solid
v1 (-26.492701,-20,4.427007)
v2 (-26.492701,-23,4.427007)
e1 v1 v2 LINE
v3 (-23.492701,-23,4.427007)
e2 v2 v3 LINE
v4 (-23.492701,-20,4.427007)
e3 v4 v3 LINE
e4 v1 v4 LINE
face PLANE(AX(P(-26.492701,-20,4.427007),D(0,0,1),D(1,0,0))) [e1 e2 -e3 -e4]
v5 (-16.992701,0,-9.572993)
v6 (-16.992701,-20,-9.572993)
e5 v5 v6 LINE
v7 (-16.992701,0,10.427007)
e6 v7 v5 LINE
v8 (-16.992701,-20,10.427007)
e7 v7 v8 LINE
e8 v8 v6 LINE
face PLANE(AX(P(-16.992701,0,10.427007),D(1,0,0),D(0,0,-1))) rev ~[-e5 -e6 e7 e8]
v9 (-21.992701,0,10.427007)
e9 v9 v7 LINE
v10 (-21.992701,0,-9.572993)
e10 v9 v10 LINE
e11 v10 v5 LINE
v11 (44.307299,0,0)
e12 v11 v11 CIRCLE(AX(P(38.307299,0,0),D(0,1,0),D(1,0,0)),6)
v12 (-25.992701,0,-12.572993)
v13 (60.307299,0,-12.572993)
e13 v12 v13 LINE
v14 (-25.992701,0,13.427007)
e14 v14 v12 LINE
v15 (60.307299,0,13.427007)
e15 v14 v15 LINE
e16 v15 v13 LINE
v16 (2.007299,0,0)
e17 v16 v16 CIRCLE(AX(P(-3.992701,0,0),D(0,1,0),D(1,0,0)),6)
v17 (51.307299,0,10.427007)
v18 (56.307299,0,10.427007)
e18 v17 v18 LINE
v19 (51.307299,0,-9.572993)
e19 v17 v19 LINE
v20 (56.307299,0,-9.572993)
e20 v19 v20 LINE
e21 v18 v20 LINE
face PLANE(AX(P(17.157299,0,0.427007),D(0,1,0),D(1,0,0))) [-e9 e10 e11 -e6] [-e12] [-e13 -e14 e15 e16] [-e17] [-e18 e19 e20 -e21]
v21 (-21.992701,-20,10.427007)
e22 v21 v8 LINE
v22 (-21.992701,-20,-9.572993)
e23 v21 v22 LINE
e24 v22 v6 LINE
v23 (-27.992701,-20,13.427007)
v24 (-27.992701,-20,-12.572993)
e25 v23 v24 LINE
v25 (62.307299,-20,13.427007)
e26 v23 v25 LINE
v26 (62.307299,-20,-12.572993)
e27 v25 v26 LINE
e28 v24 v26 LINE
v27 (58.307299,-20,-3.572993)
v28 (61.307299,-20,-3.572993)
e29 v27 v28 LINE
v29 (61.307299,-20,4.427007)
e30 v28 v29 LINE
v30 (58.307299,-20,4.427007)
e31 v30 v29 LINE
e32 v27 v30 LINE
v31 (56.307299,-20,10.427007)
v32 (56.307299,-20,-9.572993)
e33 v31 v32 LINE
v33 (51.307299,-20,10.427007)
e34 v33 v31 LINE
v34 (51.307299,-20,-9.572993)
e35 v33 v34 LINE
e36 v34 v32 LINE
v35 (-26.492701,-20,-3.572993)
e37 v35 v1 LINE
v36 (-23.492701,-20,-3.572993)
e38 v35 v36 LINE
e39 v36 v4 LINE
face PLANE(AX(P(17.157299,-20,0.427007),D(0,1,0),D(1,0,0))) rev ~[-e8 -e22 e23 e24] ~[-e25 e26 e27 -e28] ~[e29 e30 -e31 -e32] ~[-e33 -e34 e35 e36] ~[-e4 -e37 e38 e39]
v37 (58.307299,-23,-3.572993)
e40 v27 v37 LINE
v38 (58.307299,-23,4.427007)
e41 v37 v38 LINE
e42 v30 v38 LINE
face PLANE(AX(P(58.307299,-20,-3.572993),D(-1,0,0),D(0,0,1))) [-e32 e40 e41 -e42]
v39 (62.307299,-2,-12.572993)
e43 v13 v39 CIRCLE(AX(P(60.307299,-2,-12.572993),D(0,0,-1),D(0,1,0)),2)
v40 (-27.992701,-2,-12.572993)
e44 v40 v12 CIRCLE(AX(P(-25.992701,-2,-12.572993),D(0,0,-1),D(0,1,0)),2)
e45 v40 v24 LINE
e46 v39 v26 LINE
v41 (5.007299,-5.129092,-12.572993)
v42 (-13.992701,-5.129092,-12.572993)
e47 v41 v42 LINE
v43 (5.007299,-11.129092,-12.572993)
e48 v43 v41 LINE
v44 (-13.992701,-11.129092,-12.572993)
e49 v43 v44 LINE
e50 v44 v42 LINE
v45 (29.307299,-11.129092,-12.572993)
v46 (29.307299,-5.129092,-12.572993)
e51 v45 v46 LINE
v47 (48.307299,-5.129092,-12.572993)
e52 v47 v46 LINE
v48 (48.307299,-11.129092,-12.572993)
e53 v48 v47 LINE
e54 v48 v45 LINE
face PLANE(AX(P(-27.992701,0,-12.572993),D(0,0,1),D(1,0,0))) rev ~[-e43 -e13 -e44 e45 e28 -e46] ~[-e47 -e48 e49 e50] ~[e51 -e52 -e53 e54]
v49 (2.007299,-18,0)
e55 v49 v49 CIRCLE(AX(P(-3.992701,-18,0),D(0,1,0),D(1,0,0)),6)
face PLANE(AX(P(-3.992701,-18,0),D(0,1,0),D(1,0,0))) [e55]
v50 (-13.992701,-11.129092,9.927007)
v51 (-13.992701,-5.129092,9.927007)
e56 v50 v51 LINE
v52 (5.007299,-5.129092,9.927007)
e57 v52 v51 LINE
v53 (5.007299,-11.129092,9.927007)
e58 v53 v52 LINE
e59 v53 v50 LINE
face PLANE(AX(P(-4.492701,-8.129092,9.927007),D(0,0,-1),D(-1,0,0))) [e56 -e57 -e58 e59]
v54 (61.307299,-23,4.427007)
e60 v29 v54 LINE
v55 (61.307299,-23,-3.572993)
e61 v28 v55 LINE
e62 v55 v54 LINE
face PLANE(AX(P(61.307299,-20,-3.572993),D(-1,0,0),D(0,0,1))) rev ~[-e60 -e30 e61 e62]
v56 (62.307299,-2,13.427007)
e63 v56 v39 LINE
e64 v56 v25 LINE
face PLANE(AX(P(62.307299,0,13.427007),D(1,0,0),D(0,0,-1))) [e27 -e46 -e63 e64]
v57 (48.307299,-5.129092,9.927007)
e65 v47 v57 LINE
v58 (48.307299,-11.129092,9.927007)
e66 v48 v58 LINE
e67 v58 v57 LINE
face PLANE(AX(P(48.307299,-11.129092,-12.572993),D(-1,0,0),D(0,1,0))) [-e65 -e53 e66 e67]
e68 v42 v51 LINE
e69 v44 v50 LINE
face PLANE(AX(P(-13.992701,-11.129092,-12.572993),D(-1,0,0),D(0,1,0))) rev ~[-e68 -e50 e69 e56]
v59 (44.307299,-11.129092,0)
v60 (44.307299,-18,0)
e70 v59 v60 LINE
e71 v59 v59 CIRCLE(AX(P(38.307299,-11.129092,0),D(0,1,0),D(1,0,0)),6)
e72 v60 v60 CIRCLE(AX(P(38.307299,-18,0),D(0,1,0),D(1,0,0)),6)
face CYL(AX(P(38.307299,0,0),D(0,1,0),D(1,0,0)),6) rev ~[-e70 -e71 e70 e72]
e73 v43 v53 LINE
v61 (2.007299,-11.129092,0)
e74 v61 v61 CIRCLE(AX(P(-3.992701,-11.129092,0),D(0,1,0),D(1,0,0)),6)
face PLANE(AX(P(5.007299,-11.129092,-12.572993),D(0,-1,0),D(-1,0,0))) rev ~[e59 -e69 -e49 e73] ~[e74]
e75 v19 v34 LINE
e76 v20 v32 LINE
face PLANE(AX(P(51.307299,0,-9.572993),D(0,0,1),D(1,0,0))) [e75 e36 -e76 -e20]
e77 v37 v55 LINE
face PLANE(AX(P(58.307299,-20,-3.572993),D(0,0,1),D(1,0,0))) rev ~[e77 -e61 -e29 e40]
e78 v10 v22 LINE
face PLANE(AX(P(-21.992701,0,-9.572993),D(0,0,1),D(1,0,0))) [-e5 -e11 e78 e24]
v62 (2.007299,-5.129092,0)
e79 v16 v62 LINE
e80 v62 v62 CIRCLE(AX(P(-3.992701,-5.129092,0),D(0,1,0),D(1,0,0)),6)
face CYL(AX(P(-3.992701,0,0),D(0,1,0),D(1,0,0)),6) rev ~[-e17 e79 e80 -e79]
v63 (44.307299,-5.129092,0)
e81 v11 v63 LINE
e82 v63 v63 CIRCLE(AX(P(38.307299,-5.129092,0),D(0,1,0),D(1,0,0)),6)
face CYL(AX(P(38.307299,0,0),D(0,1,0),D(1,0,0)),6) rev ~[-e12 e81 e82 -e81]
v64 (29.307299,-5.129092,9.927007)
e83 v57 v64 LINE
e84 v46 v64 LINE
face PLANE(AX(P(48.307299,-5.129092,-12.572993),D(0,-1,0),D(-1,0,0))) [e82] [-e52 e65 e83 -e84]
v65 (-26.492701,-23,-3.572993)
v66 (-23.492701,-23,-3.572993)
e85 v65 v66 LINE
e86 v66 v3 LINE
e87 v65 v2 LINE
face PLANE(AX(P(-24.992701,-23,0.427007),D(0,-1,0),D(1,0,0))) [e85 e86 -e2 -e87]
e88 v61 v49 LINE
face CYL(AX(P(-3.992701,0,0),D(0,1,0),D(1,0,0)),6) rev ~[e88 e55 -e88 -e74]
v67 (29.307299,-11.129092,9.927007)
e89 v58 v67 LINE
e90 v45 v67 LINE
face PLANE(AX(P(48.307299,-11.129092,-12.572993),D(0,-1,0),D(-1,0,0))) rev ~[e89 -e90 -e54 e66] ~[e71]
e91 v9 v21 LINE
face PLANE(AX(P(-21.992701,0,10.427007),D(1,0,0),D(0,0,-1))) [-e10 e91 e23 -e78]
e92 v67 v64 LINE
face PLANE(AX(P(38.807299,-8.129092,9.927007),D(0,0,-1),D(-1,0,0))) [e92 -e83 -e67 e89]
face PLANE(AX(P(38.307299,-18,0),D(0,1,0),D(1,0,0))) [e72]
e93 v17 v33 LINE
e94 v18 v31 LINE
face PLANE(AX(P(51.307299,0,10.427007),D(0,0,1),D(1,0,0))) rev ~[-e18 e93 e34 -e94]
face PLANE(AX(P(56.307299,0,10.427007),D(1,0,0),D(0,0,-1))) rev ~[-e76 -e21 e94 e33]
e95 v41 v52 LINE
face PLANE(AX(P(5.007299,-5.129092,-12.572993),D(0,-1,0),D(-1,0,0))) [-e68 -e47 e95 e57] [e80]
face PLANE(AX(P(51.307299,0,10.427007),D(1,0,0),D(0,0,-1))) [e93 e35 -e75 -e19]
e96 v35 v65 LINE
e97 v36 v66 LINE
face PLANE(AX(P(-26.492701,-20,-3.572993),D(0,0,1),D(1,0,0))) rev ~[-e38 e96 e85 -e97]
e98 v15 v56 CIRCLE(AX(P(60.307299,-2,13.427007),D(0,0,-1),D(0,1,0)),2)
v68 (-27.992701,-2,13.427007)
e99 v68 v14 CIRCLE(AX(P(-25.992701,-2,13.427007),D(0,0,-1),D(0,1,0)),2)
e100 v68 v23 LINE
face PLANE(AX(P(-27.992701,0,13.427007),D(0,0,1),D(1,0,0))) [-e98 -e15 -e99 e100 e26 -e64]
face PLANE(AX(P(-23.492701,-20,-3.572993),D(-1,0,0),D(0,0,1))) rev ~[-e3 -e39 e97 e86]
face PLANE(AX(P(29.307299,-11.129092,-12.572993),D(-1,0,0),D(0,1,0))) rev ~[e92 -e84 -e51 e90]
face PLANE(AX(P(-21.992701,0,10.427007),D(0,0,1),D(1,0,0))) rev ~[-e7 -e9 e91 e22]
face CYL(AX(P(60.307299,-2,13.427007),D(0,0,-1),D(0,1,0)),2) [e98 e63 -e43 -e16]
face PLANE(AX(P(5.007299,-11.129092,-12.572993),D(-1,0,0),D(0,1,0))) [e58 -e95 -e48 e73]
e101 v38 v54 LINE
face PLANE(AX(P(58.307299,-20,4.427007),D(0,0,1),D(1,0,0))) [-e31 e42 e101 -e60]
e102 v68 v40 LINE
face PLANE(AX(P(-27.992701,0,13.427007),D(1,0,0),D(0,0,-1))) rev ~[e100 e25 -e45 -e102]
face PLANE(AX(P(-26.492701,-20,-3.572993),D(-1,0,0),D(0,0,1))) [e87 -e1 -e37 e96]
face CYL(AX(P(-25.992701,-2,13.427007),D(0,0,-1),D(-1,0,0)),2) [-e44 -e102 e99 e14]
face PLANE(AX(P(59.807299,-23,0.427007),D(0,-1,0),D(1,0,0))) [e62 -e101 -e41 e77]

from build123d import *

# Parameters (mm, degrees)
SKETCH1_W           = 90.3
SKETCH1_H           = 26
BOSS_EXTRUDE1_DEPTH = 20
SKETCH2_W           = 5
SKETCH2_H           = 20
CUT_EXTRUDE1_DEPTH  = 21
LPATTERN1_COUNT     = 2
LPATTERN1_PITCH     = 73.3
SKETCH3_R           = 6
CUT_EXTRUDE2_DEPTH  = 18
SKETCH4_W           = 19
SKETCH4_H           = 6
CUT_EXTRUDE3_DEPTH  = 22.5
SKETCH5_W           = 3
SKETCH5_H           = 8
BOSS_EXTRUDE2_DEPTH = 3
FILLET1_R           = 2


with BuildPart() as part:
    # Sketch1 → Boss-Extrude1 (new body)
    with BuildSketch(Plane(origin=(0, 0, 0), x_dir=(1, 0, 0), z_dir=(0, 1, 0))):
        with Locations((17.15729927, -0.427007299)):
            Rectangle(SKETCH1_W, SKETCH1_H)
    extrude(amount=-BOSS_EXTRUDE1_DEPTH)

    # Sketch2 → Cut-Extrude1 (cut, through all)
    with BuildSketch(Plane(origin=(0, 0, 0), x_dir=(1, 0, 0), z_dir=(0, 1, 0))):
        with Locations((53.80729927, -0.427007299)):
            Rectangle(SKETCH2_W, SKETCH2_H)
    cut_extrude1 = extrude(amount=-CUT_EXTRUDE1_DEPTH, mode=Mode.SUBTRACT)

    # LPattern1: Cut-Extrude1 ×2
    with Locations(*[(-i * LPATTERN1_PITCH, 0, 0) for i in range(1, LPATTERN1_COUNT)]):
        add(cut_extrude1, mode=Mode.SUBTRACT)

    # Sketch3 → Cut-Extrude2 (cut)
    with BuildSketch(Plane(origin=(0, 0, 0), x_dir=(1, 0, 0), z_dir=(0, 1, 0))):
        with Locations((38.30729927, 0)):
            Circle(SKETCH3_R)
        with Locations((-3.99270073, 0)):
            Circle(SKETCH3_R)
    extrude(amount=-CUT_EXTRUDE2_DEPTH, mode=Mode.SUBTRACT)

    # Sketch4 → Cut-Extrude3 (cut)
    with BuildSketch(Plane(origin=(0, 0, -12.572992701), x_dir=(-1, 0, 0), z_dir=(0, 0, -1))):
        with Locations((-38.80729927, -8.129091999)):
            Rectangle(SKETCH4_W, SKETCH4_H)
        with Locations((4.49270073, -8.129091999)):
            Rectangle(SKETCH4_W, SKETCH4_H)
    extrude(amount=-CUT_EXTRUDE3_DEPTH, mode=Mode.SUBTRACT)

    # Sketch5 → Boss-Extrude2 (add)
    with BuildSketch(Plane.XZ.offset(20)):
        with Locations((59.80729927, 0.427007299)):
            Rectangle(SKETCH5_W, SKETCH5_H)
        with Locations((-24.99270073, 0.427007299)):
            Rectangle(SKETCH5_W, SKETCH5_H)
    extrude(amount=BOSS_EXTRUDE2_DEPTH)

    # Fillet1
    fillet1_edges = [part.edges().sort_by_distance(p)[0] for p in [
        (62.30729927, 0, 0.427007299),
        (-27.99270073, 0, 0.427007299),
    ]]
    fillet(fillet1_edges, radius=FILLET1_R)


solid = part.part
